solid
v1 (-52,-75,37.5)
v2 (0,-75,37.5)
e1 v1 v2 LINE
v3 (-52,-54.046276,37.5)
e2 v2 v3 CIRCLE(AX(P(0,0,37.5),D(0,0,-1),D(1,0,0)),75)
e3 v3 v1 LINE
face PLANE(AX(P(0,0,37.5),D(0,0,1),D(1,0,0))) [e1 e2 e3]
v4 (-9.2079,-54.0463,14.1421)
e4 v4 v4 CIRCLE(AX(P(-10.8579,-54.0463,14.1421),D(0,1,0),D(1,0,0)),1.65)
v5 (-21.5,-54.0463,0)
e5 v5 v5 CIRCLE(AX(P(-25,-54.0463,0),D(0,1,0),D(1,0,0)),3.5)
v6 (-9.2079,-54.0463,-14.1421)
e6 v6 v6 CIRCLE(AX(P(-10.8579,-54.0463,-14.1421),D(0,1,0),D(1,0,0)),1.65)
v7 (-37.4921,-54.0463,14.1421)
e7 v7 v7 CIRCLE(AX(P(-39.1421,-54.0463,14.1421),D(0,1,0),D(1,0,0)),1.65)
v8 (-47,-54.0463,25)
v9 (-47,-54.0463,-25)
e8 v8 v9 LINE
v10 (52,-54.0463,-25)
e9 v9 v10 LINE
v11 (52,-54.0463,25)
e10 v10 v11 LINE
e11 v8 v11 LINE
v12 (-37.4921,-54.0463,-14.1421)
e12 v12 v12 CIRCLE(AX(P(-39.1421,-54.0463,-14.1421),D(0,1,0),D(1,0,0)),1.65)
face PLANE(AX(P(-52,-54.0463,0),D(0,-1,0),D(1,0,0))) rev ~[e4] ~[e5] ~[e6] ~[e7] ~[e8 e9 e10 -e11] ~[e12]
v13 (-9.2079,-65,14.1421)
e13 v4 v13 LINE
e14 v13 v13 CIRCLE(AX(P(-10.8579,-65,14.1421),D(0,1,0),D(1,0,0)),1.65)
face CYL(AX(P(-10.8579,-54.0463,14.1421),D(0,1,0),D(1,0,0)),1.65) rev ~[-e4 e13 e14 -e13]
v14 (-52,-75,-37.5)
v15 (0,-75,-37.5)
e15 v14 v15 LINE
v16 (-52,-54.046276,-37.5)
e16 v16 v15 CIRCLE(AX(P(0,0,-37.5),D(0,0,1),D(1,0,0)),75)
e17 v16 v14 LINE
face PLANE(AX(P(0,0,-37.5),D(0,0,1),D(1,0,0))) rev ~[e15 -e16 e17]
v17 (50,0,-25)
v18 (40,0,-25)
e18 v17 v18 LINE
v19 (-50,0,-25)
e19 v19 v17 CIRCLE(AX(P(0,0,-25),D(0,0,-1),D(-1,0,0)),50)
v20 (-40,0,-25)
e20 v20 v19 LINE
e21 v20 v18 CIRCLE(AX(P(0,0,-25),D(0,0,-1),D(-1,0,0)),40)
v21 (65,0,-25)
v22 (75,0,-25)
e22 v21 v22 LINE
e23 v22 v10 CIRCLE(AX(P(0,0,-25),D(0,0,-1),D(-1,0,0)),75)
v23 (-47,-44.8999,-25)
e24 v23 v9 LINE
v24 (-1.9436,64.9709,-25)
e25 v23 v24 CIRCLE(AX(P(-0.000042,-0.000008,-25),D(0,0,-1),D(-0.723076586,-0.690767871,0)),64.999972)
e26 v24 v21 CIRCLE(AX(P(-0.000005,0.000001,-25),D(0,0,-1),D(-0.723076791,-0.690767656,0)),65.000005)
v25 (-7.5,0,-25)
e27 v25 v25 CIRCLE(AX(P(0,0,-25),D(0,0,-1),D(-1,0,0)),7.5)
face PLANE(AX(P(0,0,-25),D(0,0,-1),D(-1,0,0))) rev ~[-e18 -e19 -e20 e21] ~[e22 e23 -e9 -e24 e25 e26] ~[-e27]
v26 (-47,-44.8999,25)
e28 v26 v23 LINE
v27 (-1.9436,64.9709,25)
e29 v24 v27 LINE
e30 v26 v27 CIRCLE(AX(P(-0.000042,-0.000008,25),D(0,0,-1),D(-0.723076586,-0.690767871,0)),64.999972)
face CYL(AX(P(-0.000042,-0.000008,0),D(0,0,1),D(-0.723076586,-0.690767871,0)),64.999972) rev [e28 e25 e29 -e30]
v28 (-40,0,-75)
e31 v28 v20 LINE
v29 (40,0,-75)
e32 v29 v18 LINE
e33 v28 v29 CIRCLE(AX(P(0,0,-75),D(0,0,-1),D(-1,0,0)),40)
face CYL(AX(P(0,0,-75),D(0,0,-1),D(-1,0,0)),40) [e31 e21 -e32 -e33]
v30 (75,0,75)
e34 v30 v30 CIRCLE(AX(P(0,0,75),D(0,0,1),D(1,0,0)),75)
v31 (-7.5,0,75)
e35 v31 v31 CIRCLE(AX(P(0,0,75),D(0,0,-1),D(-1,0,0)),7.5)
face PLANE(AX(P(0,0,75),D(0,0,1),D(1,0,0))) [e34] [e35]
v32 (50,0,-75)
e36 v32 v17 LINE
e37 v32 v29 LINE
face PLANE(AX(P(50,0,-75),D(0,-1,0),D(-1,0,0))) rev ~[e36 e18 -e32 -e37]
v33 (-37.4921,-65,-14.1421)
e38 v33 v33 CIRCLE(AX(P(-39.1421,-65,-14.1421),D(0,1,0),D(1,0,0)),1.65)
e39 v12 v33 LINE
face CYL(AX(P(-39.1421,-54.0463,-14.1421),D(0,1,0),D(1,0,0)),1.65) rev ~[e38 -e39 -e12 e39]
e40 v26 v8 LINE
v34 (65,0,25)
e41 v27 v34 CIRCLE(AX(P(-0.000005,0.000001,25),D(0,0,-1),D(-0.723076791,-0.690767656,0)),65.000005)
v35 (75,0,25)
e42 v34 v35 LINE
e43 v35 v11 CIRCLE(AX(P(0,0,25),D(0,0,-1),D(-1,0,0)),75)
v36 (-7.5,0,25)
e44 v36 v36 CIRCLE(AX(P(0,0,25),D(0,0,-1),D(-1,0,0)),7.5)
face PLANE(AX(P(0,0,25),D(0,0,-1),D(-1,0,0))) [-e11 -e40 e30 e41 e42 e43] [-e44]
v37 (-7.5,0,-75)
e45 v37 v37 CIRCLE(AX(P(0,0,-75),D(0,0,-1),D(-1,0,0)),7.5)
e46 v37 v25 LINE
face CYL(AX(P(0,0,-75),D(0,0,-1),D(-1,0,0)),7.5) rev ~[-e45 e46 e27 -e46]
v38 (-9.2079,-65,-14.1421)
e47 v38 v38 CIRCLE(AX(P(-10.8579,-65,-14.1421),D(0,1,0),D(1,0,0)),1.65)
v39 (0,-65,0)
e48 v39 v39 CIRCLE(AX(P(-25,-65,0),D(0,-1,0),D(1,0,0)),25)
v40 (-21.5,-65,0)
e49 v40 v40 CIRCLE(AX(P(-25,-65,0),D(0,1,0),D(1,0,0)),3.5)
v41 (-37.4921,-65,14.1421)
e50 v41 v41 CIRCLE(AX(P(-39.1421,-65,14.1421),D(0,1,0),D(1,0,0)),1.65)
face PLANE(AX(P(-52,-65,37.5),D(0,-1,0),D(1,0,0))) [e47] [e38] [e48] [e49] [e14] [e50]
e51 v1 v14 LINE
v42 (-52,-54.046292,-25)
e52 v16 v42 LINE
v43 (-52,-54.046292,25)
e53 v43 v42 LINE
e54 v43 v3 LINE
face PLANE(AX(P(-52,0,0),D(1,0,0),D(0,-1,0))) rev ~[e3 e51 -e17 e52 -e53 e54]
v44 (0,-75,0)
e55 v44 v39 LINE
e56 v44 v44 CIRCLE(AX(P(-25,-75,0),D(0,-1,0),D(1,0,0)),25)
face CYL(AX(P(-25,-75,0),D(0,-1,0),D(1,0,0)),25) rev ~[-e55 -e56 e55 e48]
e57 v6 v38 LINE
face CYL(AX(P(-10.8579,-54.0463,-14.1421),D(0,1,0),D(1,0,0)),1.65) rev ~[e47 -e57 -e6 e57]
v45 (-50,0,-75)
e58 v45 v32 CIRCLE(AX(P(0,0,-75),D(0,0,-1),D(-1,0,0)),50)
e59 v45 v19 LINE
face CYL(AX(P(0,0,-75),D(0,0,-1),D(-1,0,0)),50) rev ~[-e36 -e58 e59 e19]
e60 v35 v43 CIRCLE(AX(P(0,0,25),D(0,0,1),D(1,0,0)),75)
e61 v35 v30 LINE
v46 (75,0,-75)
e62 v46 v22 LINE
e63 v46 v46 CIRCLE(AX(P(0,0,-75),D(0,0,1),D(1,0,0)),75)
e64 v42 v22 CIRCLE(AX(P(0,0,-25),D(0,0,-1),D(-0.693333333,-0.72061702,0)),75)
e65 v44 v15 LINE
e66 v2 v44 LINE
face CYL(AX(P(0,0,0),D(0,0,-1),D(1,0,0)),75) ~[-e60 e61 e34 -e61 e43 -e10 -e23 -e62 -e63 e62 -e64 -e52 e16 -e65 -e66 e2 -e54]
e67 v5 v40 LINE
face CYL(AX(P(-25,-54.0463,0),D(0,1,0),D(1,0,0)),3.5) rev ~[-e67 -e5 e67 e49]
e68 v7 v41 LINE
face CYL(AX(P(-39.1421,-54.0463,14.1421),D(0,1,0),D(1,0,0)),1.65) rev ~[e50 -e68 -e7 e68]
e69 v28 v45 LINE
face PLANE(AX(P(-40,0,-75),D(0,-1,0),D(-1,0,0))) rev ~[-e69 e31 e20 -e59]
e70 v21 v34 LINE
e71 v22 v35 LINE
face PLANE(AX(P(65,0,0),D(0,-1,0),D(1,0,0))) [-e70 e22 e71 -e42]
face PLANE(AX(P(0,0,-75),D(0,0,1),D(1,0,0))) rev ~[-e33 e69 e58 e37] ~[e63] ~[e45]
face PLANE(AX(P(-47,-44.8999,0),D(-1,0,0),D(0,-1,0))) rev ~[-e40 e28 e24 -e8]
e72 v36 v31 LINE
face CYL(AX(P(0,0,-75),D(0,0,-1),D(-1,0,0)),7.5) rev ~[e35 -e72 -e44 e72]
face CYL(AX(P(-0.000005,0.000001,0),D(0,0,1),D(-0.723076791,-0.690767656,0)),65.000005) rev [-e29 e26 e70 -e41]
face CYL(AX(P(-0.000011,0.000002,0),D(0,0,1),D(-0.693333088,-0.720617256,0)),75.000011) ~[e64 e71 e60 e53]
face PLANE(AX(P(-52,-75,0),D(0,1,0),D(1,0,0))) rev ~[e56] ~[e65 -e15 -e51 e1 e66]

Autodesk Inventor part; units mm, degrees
ref_plane "YZ Plane" through (0, 0, 0) normal (1, 0, 0) x (0, 1, 0)
ref_plane "XZ Plane" through (0, 0, 0) normal (0, 1, 0) x (-1, 0, 0)
sketch "Sketch1" plane through (0, 0, 0) normal (0, 0, 1) x (1, 0, 0)
  circle A0 centre (0, 0) radius 75
  dimension "d0" = 150
extrude "Extrusion1" add sketch "Sketch1" along normal mid plane 150
sketch "Sketch32" plane through (0, 0, 0) normal (0, 0, 1) x (1, 0, 0)
  line L0 (0, 0) -> (-52, 0)
  line L1 (-52, 0) -> (-52, -75)
  line L2 (-52, -75) -> (0, -75)
  line L3 (0, -75) -> (0, 0)
  dimension "d94" = 52
  dimension "d95" = 75
extrude "Extrusion23" add sketch "Sketch32" along normal mid plane 75
sketch "Sketch39" plane through (0, 0, -75) normal (0, 0, -1) x (-1, 0, 0)
  circle A0 centre (0, 0) radius 7.5
  dimension "d141" = 15
extrude "Extrusion30" cut sketch "Sketch39" against normal through all
ref_plane "Work Plane4" through (0, 0, 0) normal (0, 0, -1) x (-1, 0, 0)
sketch "Sketch40" plane through (0, 0, 0) normal (0, 0, -1) x (-1, 0, 0)
  circle A0 centre (0, 0) radius 75
  dimension "d144" = 150
extrude "Extrusion31" cut sketch "Sketch40" along normal mid plane 50
sketch "Sketch41" plane through (0, 0, 0) normal (0, 0, -1) x (-1, 0, 0)
  line L0 (52, -75) -> (52, -54.0463) projected
  line L1 (52, -54.0463) -> (-52, -54.0463)
  circle A0 centre (0, 0) radius 75 projected
  arc A1 (-52, -54.0463) -> (0, -75) centre (0, 0) ccw
extrude "Extrusion32" add sketch "Sketch41" along normal mid plane 50 contours A0 L1 picked at (-14.3807, -56.4807)
sketch "Sketch34" plane through (-52, -75, 37.5) normal (0, -1, 0) x (1, 0, 0)
  circle A0 centre (27, -37.5) radius 25
  line L0 (52, -75) -> (0, -75) projected
  line L1 (-23, -112.5) -> (127, -112.5) projected
  point P0 (52, -37.5)
  dimension "d104" = 50
  dimension "d105" = 25
  dimension "d106" = 37.5
extrude "Extrusion25" cut sketch "Sketch34" against normal blind 10
sketch "Sketch42" plane through (0, 0, 0) normal (0, 0, -1) x (-1, 0, 0)
  arc A0 (47, -44.8999) -> (1.9436, 64.9709) centre (0, 0) ccw
  line L0 (47, -44.8999) -> (47, -54.0463)
  line L1 (47, -54.0463) -> (52, -54.0463)
  arc A1 (52, -54.0463) -> (-75, 0) centre (0, 0) ccw
  arc A2 (47, -44.8999) -> (-65, 0) centre (0, 0) ccw
  line L2 (-65, 0) -> (-75, 0)
  line L3 (0, 0) -> (-92.1338, 0) construction
  dimension "d164" = 5
extrude "Extrusion33" add sketch "Sketch42" along normal mid plane 50
sketch "Sketch43" plane through (52, -54.0463, 25) normal (0, 1, 0) x (1, 0, 0)
  circle A0 centre (-77, 25) radius 25 construction
  line L0 (-62.8579, 10.8579) -> (-91.1421, 10.8579) construction
  line L1 (-91.1421, 10.8579) -> (-91.1421, 39.1421) construction
  line L2 (-91.1421, 39.1421) -> (-62.8579, 39.1421) construction
  line L3 (-62.8579, 39.1421) -> (-62.8579, 10.8579) construction
  line L4 (-62.8579, 10.8579) -> (-91.1421, 39.1421) construction
  line L5 (-91.1421, 10.8579) -> (-62.8579, 39.1421) construction
  circle A1 centre (-91.1421, 39.1421) radius 1.65
  circle A2 centre (-91.1421, 10.8579) radius 1.65
  circle A3 centre (-62.8579, 10.8579) radius 1.65
  circle A4 centre (-62.8579, 39.1421) radius 1.65
  circle A5 centre (-77, 25) radius 3.5
  line L6 (-52, 62.5) -> (-104, 62.5) projected
  line L7 (-52, 25) -> (-52, 62.5) projected
  point P0 (-75, 50)
  dimension "d154" = 50
  dimension "d155" = 28.2843
  dimension "d156" = 28.2843
  dimension "d157" = 3.3
  dimension "d158" = 3.3
  dimension "d159" = 3.3
  dimension "d160" = 3.3
  dimension "d163" = 7
  dimension "d165" = 37.5
  dimension "d166" = 25
extrude "Extrusion34" cut sketch "Sketch43" against normal through all
sketch "Sketch44" plane through (0, 0, -75) normal (0, 0, -1) x (-1, 0, 0)
  arc A0 (75, 0) -> (0, -75) centre (0, 0) ccw construction
  circle A1 centre (0, 0) radius 75 projected
  line L0 (0, 0) -> (107.3838, 0) construction
  arc A2 (50, 0) -> (-50, 0) centre (0, 0) ccw
  arc A3 (40, 0) -> (-40, 0) centre (0, 0) ccw
  line L1 (40, 0) -> (50, 0)
  line L2 (0, -55) -> (0, -55.9017)
  line L3 (-52, -54.0463) -> (47, -54.0463) projected
  line L4 (0, -75) -> (52, -75) projected
  line L5 (-50, 0) -> (-40, 0)
  dimension "d167" = 25
  dimension "d168" = 10
extrude "Extrusion35" cut sketch "Sketch44" against normal blind 50 contours L1 A3 L5 A2
properties material "ABS Plastic"
